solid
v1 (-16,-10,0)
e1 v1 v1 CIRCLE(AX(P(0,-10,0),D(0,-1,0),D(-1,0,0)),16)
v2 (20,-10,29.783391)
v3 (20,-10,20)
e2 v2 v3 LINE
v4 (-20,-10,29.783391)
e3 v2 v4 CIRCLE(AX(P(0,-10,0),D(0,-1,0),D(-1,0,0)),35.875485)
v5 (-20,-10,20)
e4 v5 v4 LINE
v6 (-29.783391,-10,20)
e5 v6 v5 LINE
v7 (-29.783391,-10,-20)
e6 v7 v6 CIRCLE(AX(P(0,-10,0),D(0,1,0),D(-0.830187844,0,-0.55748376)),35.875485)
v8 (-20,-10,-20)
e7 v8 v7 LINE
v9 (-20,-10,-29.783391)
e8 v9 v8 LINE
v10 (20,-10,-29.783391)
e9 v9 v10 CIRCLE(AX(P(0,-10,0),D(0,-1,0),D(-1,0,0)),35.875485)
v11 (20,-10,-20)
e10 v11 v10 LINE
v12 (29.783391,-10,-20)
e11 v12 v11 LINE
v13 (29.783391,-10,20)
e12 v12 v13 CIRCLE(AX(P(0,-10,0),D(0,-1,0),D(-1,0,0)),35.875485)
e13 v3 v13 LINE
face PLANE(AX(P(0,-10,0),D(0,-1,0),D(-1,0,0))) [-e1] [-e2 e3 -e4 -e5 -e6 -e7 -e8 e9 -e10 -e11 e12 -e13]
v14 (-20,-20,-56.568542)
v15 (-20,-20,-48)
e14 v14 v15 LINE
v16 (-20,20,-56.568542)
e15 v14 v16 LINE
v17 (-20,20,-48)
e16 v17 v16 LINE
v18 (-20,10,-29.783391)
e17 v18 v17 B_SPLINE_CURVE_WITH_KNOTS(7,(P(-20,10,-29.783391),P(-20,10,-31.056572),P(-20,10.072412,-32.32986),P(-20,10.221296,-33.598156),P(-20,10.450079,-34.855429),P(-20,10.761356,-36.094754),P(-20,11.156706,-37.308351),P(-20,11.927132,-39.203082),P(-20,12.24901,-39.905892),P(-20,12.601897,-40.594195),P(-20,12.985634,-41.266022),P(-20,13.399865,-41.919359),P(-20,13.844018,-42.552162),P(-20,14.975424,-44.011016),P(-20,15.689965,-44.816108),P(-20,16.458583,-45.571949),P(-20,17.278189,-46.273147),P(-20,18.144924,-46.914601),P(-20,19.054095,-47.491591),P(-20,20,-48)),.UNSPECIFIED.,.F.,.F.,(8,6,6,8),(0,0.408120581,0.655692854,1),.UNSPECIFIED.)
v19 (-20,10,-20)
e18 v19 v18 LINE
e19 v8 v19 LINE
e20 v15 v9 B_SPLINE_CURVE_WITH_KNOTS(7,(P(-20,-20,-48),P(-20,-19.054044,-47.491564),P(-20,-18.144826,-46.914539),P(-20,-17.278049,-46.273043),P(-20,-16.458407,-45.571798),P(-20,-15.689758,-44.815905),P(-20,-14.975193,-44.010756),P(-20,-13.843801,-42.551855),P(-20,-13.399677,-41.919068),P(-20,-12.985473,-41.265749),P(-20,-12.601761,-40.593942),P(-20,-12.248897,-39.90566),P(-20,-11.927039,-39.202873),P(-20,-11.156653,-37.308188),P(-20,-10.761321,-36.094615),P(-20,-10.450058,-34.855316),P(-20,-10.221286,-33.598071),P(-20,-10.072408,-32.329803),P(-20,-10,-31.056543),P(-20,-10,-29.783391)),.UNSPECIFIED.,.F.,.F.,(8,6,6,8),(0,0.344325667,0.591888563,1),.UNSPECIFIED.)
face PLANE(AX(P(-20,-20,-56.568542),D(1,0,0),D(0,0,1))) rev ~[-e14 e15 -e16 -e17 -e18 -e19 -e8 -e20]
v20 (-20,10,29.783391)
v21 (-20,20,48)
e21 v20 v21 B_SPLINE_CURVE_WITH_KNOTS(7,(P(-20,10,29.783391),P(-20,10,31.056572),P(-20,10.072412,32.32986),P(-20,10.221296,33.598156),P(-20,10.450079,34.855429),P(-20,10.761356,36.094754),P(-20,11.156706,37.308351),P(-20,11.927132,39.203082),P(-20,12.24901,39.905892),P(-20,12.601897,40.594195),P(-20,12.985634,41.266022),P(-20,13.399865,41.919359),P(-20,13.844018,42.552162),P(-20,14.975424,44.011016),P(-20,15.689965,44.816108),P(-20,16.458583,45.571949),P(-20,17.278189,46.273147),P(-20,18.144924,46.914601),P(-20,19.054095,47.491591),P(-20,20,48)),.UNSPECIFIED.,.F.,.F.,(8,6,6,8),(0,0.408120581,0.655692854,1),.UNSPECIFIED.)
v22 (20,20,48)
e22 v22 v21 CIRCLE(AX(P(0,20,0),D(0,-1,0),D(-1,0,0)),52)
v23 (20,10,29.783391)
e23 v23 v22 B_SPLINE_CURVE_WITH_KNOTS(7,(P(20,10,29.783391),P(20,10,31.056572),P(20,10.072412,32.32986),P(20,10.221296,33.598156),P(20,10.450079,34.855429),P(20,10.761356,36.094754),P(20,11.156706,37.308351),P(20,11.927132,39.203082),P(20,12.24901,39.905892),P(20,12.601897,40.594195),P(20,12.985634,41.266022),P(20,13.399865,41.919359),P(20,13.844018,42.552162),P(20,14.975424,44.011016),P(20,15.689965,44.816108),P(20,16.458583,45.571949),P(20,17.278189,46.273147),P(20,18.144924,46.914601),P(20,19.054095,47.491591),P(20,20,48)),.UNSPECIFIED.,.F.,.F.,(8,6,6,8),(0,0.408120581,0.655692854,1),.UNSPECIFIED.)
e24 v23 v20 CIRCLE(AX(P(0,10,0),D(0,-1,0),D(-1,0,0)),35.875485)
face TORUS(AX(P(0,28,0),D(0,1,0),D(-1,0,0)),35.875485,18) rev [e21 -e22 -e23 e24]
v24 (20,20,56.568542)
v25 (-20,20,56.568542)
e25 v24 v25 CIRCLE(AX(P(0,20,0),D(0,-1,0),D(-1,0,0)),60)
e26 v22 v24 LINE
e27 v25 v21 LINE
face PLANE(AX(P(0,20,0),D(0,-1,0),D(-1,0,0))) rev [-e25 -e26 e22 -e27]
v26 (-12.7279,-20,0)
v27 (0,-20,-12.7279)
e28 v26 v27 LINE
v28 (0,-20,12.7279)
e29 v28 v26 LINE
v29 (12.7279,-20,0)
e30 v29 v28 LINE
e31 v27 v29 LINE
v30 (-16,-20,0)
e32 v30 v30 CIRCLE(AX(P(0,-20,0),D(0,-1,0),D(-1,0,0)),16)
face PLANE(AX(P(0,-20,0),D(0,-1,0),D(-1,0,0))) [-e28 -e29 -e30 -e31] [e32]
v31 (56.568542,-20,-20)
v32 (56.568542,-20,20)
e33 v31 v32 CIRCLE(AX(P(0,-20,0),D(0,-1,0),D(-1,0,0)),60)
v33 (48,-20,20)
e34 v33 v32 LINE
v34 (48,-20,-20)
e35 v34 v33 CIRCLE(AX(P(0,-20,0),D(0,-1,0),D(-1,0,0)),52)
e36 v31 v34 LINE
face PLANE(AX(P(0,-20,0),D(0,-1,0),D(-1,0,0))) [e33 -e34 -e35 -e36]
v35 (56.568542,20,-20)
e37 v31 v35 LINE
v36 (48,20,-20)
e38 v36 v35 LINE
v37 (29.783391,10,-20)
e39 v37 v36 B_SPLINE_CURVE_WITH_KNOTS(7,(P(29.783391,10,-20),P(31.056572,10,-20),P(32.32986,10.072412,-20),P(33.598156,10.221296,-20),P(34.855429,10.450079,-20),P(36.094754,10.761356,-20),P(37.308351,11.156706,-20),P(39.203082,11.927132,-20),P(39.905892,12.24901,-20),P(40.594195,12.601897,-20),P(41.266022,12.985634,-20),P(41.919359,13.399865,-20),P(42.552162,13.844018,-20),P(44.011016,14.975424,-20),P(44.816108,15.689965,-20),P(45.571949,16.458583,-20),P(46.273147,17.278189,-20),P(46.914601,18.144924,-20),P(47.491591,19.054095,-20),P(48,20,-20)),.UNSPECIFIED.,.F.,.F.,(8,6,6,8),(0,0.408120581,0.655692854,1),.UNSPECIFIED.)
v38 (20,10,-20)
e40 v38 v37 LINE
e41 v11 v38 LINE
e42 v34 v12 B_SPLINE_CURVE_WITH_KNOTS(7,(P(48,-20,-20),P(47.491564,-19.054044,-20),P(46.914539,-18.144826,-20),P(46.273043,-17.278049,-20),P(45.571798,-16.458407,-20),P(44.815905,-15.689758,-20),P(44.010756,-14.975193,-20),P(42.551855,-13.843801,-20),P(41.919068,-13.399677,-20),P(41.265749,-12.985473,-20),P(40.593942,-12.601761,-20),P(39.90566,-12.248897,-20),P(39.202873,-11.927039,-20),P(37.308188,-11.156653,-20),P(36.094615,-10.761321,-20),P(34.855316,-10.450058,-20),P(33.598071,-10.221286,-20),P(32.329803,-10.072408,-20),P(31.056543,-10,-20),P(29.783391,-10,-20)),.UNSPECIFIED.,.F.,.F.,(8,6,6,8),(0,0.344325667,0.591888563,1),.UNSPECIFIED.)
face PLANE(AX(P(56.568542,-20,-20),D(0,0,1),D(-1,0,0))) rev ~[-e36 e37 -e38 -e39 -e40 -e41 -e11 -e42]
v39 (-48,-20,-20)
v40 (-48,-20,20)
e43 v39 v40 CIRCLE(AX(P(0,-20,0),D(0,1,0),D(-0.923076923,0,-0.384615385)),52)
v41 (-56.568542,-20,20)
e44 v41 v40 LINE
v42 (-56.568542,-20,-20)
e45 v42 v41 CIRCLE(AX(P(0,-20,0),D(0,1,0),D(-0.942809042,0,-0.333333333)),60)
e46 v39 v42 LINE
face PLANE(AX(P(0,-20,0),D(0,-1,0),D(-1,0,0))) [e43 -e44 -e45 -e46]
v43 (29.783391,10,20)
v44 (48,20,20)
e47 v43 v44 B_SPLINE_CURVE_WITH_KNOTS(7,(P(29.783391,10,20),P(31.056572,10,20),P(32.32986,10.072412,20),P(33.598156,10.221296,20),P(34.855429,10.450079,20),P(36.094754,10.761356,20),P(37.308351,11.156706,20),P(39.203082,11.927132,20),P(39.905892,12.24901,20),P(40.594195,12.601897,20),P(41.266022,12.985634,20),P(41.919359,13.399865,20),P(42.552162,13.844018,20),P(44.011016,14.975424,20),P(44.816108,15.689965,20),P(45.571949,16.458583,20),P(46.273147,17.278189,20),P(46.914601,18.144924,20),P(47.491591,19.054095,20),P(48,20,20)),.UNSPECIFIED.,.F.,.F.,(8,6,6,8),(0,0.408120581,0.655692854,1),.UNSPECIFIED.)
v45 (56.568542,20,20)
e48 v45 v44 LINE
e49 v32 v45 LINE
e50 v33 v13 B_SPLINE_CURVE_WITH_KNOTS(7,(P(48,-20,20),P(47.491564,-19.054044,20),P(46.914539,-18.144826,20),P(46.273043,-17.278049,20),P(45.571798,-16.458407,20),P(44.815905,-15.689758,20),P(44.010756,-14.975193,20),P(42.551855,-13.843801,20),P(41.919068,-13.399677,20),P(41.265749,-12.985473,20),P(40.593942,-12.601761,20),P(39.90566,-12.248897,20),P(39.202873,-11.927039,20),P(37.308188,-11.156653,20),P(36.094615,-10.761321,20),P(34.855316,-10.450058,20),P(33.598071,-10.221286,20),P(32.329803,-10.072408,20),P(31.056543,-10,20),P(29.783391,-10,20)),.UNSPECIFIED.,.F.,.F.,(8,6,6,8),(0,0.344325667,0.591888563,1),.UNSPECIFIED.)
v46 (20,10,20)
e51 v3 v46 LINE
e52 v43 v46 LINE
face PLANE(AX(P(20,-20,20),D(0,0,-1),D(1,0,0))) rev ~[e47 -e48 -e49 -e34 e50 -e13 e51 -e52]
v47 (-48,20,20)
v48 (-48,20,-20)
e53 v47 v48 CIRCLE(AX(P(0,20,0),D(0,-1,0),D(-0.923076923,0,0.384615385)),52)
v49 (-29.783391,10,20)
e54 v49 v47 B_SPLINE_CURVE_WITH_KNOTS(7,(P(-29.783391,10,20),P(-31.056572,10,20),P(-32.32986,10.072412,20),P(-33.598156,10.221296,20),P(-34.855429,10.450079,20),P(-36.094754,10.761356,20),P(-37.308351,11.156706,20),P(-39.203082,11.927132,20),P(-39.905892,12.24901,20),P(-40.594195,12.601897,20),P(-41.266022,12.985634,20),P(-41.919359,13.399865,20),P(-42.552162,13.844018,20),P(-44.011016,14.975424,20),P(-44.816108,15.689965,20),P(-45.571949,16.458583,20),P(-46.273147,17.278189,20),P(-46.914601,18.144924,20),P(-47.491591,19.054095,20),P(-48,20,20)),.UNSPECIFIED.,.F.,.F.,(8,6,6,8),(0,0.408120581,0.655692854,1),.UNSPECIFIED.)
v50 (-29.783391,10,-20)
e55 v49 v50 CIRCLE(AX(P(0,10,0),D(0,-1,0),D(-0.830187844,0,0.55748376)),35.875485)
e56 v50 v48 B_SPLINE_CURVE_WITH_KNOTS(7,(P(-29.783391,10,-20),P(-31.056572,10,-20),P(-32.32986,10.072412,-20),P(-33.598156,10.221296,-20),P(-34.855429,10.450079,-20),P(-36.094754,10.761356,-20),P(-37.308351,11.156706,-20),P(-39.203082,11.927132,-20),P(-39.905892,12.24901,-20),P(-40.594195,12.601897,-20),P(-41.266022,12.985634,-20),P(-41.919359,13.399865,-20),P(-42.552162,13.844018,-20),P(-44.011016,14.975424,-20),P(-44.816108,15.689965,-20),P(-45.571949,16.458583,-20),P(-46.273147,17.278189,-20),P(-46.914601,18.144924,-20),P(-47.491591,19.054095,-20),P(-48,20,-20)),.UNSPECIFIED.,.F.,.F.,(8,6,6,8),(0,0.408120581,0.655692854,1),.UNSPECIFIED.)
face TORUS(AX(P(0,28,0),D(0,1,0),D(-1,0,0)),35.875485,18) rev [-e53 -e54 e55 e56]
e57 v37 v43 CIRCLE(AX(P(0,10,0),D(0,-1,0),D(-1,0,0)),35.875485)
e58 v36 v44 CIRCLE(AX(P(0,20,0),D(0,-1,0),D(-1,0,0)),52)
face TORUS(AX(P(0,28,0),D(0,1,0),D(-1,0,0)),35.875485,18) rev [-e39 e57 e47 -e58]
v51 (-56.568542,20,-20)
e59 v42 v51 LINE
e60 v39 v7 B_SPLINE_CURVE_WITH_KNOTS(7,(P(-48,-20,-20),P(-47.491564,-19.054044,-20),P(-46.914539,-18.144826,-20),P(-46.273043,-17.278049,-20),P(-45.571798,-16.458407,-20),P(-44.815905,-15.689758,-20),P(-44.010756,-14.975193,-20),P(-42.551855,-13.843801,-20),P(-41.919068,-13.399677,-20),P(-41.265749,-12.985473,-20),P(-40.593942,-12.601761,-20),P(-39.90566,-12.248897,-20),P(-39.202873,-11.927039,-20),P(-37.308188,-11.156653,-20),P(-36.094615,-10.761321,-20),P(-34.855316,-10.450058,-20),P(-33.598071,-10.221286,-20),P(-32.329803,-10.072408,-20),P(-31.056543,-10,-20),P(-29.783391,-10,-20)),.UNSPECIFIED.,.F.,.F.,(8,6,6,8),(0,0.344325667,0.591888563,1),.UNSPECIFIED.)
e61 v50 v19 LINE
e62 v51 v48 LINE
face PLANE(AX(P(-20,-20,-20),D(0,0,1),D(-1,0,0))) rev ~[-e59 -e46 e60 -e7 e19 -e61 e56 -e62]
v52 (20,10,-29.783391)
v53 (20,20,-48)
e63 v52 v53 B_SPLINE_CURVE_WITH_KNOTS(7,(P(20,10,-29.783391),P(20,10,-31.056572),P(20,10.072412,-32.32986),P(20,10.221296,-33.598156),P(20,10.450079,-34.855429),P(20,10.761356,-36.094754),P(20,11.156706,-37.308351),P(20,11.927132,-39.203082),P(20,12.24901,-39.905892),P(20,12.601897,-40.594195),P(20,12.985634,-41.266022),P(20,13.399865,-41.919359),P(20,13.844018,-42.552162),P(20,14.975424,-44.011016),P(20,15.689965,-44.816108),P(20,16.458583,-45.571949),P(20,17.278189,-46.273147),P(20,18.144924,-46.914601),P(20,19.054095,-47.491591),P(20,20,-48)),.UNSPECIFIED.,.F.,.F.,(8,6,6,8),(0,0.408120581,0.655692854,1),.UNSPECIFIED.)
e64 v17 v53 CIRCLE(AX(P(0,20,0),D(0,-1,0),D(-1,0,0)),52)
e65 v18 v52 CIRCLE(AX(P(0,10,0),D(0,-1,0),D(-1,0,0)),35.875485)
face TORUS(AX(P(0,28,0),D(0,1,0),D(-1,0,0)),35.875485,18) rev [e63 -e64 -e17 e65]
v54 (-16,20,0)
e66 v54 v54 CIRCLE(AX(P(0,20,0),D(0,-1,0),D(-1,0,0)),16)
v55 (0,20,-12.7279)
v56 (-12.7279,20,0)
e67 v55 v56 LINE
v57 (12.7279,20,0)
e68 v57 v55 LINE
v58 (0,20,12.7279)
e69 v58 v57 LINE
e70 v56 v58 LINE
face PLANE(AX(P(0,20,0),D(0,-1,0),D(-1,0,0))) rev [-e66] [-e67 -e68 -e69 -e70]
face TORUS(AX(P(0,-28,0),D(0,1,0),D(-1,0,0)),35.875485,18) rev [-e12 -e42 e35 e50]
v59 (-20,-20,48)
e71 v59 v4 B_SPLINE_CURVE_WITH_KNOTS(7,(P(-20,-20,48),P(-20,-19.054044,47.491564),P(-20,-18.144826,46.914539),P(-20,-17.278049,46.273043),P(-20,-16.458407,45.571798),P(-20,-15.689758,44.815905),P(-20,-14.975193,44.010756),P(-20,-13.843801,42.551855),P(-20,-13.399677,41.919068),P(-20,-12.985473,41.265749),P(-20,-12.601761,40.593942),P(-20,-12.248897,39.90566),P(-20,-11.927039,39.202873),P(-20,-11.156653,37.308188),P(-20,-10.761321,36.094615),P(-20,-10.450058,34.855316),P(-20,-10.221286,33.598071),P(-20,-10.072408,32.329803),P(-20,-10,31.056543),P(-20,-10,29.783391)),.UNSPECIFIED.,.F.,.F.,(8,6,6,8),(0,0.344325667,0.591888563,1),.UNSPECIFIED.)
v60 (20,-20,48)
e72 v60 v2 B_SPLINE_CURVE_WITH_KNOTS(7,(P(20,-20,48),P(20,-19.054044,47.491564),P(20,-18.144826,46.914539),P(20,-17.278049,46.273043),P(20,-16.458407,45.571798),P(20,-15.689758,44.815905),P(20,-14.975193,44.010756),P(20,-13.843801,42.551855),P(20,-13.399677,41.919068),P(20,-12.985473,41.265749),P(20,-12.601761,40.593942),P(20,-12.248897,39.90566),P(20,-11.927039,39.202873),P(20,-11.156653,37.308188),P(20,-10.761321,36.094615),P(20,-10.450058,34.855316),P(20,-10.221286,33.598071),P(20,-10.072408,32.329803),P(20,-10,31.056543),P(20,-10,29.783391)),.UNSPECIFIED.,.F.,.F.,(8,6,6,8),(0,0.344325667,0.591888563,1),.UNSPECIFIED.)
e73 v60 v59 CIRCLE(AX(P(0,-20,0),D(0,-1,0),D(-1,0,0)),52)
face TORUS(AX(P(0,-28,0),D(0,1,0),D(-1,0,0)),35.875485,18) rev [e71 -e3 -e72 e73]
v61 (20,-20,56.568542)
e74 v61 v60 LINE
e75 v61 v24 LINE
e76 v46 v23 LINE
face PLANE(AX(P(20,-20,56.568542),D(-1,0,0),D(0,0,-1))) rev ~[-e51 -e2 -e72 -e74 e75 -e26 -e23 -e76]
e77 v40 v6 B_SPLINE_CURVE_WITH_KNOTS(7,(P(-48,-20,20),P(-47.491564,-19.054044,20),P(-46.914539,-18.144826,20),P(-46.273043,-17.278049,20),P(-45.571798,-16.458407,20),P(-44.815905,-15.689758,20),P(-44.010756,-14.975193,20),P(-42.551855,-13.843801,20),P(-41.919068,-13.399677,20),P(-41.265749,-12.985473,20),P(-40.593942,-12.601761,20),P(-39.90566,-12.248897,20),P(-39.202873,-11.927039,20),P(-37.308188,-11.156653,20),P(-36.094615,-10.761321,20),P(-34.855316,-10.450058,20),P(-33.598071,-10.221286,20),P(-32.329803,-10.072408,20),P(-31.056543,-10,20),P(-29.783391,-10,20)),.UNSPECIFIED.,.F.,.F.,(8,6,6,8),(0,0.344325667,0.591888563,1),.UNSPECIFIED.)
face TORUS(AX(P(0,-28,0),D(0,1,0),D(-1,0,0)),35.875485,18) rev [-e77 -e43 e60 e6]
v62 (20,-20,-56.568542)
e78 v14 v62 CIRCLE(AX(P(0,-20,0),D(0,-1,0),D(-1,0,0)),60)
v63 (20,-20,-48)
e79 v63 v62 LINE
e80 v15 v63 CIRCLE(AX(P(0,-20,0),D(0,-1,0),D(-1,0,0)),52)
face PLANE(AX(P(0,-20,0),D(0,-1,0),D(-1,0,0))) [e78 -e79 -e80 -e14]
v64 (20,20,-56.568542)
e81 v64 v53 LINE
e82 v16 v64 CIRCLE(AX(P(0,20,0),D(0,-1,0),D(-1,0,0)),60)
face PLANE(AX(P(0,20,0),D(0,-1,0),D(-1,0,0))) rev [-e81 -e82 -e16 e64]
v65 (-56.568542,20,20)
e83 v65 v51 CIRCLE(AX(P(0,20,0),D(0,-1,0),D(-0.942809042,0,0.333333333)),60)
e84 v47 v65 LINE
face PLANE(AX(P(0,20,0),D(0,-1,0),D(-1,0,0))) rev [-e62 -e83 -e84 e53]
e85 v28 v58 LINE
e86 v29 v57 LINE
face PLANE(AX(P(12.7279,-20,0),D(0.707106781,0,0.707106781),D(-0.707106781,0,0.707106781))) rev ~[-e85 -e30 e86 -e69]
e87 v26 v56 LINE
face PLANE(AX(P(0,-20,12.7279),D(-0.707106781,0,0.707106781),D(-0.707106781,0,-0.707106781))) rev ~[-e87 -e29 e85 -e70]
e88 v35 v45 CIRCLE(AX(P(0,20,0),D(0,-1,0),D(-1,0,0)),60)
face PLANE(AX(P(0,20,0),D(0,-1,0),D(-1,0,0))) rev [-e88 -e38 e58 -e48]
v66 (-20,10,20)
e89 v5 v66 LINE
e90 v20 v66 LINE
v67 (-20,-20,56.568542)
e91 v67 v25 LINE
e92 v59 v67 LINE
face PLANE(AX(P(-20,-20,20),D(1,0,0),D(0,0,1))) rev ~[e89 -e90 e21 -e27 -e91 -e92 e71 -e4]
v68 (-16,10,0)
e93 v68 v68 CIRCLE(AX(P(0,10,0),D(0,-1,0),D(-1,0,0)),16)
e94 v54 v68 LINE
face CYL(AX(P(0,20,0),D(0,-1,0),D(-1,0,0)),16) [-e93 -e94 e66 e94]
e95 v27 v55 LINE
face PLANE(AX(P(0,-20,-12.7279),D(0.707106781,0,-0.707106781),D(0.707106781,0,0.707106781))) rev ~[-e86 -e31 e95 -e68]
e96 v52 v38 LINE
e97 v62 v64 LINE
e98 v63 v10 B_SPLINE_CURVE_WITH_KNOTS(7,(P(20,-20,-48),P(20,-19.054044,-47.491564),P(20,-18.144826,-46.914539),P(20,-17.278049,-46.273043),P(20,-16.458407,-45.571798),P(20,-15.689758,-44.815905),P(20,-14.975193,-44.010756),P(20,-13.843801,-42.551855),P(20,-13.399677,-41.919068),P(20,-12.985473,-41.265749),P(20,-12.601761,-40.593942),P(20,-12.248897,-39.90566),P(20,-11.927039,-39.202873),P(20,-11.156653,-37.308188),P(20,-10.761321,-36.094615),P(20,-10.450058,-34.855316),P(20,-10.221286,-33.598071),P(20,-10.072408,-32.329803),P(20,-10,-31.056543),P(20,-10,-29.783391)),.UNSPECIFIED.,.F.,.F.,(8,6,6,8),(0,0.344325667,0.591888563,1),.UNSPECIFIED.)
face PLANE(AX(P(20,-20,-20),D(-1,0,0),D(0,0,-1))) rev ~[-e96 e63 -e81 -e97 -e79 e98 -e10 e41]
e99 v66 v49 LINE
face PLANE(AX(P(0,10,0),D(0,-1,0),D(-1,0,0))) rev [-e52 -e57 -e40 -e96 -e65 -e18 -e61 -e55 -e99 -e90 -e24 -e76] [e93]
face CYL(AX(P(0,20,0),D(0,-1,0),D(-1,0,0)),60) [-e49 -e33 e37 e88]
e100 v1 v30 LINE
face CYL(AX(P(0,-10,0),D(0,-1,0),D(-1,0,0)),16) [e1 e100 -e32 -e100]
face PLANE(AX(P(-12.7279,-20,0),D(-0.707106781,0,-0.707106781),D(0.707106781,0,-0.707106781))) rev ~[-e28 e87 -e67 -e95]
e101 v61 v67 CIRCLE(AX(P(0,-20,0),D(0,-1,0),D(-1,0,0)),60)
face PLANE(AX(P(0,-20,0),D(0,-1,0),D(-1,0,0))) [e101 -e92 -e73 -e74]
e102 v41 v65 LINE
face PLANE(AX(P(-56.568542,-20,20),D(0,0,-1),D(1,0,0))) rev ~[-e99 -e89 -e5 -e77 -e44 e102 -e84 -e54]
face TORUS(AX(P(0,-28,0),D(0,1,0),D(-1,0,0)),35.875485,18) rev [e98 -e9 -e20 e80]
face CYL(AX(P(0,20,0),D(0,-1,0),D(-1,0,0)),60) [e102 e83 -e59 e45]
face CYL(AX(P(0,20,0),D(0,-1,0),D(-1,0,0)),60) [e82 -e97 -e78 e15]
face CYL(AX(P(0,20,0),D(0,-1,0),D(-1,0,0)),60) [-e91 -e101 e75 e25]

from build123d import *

# Parameters (mm, degrees)
F3_DEPTH = 40.001
F5_DEPTH = 40.0010001


with BuildPart() as f1:
    # F0 (on Top) → F1 (revolve)
    with BuildSketch(Plane.XY):
        with BuildLine():
            Line((-60, 20), (-60, 10))
            Line((-60, 10), (-60, -10))
            Line((-60, -10), (-60, -20))
            Line((-60, -20), (-52, -20))
            ThreePointArc((-52, -20), (-45.3623174839, -12.7029414592), (-35.8754845034, -10))
            Line((-35.8754845034, -10), (-16, -10))
            Line((-16, -10), (-16, -20))
            Line((-16, -20), (0, -20))
            Line((0, -20), (0, 20))
            Line((0, 20), (-16, 20))
            Line((-16, 20), (-16, 10))
            Line((-16, 10), (-35.8754845034, 10))
            ThreePointArc((-35.8754845034, 10), (-45.3623174839, 12.7029414592), (-52, 20))
            Line((-52, 20), (-60, 20))
        make_face()
    revolve(axis=Axis((0, 0.0902060419, 0), (0, -1, 0)))

    # F2 (on face) → F3 (cut, through all)
    with BuildSketch(Plane.XZ.offset(20)):
        with BuildLine():
            Line((48, 20), (56.5685424949, 20))
            ThreePointArc((56.5685424949, 20), (42.4264068712, 42.4264068712), (20, 56.5685424949))
            Line((20, 56.5685424949), (20, 48))
            ThreePointArc((20, 48), (36.7695526217, 36.7695526217), (48, 20))
        make_face()
        with BuildLine():
            Line((20, 20), (48, 20))
            ThreePointArc((48, 20), (36.7695526217, 36.7695526217), (20, 48))
            Line((20, 48), (20, 20))
        make_face()
        with BuildLine():
            Line((-20, 20), (-20, 48))
            ThreePointArc((-20, 48), (-36.7695526217, 36.7695526217), (-48, 20))
            Line((-48, 20), (-20, 20))
        make_face()
        with BuildLine():
            Line((-20, 48), (-20, 56.5685424949))
            ThreePointArc((-20, 56.5685424949), (-42.4264068712, 42.4264068712), (-56.5685424949, 20))
            Line((-56.5685424949, 20), (-48, 20))
            ThreePointArc((-48, 20), (-36.7695526217, 36.7695526217), (-20, 48))
        make_face()
        with BuildLine():
            ThreePointArc((-56.5685424949, -20), (-42.4264068712, -42.4264068712), (-20, -56.5685424949))
            Line((-20, -56.5685424949), (-20, -48))
            ThreePointArc((-20, -48), (-36.7695526217, -36.7695526217), (-48, -20))
            Line((-48, -20), (-56.5685424949, -20))
        make_face()
        with BuildLine():
            ThreePointArc((-48, -20), (-36.7695526217, -36.7695526217), (-20, -48))
            Line((-20, -48), (-20, -20))
            Line((-20, -20), (-48, -20))
        make_face()
        with BuildLine():
            ThreePointArc((20, -56.5685424949), (42.4264068712, -42.4264068712), (56.5685424949, -20))
            Line((56.5685424949, -20), (48, -20))
            ThreePointArc((48, -20), (36.7695526217, -36.7695526217), (20, -48))
            Line((20, -48), (20, -56.5685424949))
        make_face()
        with BuildLine():
            ThreePointArc((20, -48), (36.7695526217, -36.7695526217), (48, -20))
            Line((48, -20), (20, -20))
            Line((20, -20), (20, -48))
        make_face()
    extrude(amount=-F3_DEPTH, mode=Mode.SUBTRACT)

    # F4 (on face) → F5 (cut, through all)
    with BuildSketch(Plane.XZ.offset(20)):
        Polygon((0, -12.7279), (12.7279, 0), (0, 12.7279), (-12.7279, 0), align=None)
    extrude(amount=-F5_DEPTH, mode=Mode.SUBTRACT)


solid = f1.part
